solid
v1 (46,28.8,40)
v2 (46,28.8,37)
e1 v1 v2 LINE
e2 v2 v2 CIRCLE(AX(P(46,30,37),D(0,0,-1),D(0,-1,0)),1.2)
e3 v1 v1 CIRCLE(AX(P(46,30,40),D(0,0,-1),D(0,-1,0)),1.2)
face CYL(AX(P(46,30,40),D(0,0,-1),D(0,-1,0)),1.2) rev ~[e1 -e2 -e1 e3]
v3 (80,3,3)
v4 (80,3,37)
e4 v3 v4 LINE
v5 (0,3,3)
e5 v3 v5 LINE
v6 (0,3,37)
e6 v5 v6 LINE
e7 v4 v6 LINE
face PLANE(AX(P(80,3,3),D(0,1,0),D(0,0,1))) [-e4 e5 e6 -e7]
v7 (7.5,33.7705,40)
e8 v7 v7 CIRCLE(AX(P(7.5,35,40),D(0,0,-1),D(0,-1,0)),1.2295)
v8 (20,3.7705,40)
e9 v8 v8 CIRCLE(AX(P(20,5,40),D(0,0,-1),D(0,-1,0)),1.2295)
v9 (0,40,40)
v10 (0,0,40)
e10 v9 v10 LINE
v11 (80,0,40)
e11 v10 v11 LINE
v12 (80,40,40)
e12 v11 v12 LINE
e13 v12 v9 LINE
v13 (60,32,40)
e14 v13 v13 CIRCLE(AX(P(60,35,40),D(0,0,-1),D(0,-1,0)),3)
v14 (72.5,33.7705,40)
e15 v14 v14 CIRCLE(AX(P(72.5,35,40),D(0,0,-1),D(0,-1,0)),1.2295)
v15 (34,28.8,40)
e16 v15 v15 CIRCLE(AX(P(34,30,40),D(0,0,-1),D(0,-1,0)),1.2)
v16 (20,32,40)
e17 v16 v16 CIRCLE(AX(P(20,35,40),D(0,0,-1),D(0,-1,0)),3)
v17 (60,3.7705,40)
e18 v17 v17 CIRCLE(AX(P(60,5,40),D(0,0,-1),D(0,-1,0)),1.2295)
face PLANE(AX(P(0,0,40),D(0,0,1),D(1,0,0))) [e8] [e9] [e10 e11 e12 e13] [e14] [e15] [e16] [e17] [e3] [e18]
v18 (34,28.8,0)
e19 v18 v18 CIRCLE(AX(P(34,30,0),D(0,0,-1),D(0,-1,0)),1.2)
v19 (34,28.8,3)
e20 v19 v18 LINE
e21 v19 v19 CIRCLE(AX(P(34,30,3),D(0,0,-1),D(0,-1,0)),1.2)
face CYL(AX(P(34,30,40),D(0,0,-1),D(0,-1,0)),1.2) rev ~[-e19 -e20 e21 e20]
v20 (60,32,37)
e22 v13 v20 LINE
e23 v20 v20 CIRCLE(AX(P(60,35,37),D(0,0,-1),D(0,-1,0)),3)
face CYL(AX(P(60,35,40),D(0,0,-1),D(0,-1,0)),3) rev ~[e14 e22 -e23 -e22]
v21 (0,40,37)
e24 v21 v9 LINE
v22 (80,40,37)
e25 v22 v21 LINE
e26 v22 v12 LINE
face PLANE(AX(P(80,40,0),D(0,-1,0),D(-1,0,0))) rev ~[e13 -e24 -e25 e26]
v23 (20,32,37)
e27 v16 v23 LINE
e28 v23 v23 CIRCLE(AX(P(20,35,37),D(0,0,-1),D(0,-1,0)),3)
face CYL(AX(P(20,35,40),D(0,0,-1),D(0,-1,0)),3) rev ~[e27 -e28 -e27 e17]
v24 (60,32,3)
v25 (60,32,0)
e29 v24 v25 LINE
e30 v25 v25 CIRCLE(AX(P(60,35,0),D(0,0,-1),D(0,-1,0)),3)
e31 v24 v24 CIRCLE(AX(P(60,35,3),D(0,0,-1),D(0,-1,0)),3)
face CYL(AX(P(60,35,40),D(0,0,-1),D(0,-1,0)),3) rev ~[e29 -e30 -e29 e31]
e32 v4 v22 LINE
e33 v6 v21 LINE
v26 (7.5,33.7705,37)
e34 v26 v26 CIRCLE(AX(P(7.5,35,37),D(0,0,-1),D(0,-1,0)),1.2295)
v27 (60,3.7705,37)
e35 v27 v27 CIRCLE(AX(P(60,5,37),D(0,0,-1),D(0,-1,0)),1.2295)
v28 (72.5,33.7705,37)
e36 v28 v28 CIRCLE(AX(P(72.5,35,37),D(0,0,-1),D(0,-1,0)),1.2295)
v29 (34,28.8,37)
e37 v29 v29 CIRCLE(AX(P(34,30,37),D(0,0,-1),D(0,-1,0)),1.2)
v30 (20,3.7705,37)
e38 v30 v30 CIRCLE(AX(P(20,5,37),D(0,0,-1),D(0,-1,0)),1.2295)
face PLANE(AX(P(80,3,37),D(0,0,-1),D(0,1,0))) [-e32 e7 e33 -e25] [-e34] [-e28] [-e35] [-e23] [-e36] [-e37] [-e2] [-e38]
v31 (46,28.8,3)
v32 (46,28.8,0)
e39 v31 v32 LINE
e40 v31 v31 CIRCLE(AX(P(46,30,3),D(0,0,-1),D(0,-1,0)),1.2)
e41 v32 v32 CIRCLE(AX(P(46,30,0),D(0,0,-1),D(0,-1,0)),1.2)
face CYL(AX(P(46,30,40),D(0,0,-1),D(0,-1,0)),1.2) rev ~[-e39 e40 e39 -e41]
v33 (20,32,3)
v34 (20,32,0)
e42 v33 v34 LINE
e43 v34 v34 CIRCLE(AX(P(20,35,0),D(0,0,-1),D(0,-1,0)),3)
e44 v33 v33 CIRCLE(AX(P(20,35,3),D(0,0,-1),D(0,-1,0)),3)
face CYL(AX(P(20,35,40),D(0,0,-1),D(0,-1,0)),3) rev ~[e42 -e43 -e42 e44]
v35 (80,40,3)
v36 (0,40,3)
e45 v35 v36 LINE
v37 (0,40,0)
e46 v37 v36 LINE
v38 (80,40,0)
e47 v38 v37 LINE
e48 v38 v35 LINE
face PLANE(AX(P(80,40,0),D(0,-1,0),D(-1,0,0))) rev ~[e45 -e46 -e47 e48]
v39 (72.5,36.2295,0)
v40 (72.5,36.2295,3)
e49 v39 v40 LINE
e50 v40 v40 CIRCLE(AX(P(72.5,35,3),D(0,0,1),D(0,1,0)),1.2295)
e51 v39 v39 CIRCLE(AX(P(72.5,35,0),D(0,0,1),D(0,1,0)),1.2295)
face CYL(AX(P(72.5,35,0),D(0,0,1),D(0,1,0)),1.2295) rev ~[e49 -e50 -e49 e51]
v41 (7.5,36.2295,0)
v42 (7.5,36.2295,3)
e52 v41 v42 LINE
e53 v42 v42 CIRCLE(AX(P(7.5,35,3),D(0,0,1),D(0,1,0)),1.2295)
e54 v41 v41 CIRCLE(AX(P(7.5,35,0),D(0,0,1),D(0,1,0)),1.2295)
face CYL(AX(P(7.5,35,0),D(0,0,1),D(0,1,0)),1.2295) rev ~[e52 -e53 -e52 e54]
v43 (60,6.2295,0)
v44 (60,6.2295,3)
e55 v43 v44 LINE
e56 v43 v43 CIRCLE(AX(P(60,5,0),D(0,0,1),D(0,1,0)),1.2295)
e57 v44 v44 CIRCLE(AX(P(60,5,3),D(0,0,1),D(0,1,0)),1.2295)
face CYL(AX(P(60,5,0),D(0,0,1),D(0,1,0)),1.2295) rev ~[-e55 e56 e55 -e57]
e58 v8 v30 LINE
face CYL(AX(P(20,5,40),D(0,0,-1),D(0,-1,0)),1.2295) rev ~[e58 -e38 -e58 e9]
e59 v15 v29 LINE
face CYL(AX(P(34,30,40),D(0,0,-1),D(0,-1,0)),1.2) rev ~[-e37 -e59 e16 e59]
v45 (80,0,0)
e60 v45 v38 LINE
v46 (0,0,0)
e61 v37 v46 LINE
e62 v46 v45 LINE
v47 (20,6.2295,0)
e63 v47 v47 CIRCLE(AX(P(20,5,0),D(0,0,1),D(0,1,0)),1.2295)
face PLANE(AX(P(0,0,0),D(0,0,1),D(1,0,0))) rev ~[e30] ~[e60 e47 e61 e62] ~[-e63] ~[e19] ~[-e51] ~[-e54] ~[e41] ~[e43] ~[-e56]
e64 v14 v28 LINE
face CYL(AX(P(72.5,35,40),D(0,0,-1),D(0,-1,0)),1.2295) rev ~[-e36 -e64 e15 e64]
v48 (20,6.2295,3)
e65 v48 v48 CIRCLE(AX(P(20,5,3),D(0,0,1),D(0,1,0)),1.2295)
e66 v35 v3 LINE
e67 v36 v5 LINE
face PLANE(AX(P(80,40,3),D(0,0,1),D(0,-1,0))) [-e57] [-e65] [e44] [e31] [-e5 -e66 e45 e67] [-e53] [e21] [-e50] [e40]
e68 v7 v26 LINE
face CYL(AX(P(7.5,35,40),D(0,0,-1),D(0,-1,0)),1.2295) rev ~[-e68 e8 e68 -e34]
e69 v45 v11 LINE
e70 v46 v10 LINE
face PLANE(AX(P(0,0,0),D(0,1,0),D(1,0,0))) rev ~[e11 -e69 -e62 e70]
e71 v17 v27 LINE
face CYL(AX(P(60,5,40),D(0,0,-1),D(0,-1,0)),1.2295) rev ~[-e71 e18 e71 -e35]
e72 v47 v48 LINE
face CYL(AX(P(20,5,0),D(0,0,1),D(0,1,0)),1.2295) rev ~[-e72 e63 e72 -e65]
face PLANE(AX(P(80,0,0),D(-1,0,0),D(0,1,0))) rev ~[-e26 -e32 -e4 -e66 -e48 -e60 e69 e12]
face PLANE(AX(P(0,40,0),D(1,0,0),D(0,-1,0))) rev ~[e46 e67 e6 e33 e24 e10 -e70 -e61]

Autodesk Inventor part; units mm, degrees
ref_plane "YZ Plane" through (0, 0, 0) normal (1, 0, 0) x (0, 1, 0)
ref_plane "XZ Plane" through (0, 0, 0) normal (0, 1, 0) x (-1, 0, 0)
ref_plane "XY Plane" through (0, 0, 0) normal (0, 0, 1) x (1, 0, 0)
sketch "スケッチ1" plane through (0, 0, 0) normal (0, 0, 1) x (1, 0, 0)
  line L0 (0, 0) -> (80, 0)
  line L1 (80, 0) -> (80, 40)
  line L2 (80, 40) -> (0, 40)
  line L3 (0, 40) -> (0, 0)
  dimension "d0" = 80
  dimension "d1" = 40
extrude "押し出し1" add sketch "スケッチ1" along normal blind 40
sketch "スケッチ2" plane through (80, 0, 0) normal (1, 0, 0) x (0, 0, -1)
  line L0 (0, 40) -> (-40, 40) projected
  line L1 (-37, 40) -> (-3, 40)
  line L2 (-3, 40) -> (-3, 3)
  line L3 (-3, 3) -> (-37, 3)
  line L4 (-37, 3) -> (-37, 40)
  line L5 (-40, 0) -> (-40, 40) projected
  line L6 (0, 0) -> (0, 40) projected
  line L7 (0, 0) -> (-40, 0) projected
  dimension "d4" = 3
  dimension "d5" = 3
  dimension "d6" = 3
extrude "押し出し2" cut sketch "スケッチ2" against normal through all contours L2 L3 L4 L0
sketch "スケッチ3" plane through (0, 0, 40) normal (0, 0, 1) x (1, 0, 0)
  line L0 (0, 40) -> (80, 40) projected
  line L1 (40, 40) -> (40, 0)
  point P0 (0, 0)
  point P1 (20, 35)
  point P2 (60, 35)
  dimension "d9" = 5
  dimension "d10" = 20
hole "穴1" at (20, 35, 40) at (60, 35, 40) direction (0, 0, -1) diameter 6 end through all
sketch "スケッチ4" plane through (0, 0, 40) normal (0, 0, 1) x (1, 0, 0)
  line L0 (0, 40) -> (80, 40) projected
  line L1 (40, 40) -> (40, 0)
  point P0 (0, 0)
  point P1 (34, 30)
  point P2 (46, 30)
  dimension "d18" = 6
  dimension "d19" = 10
hole "穴2" at (34, 30, 40) at (46, 30, 40) direction (0, 0, -1) diameter 2.4 end through all clearance for "Countersunk Flat Head Screw ISO 2009/7046" size "M2" standard "ISO"
sketch "スケッチ5" plane through (0, 0, 0) normal (0, -1, 0) x (1, 0, 0)
  line L0 (80, 40) -> (0, 40) projected
  line L1 (40, 40) -> (40, 10)
  point P0 (0, 0)
sketch "スケッチ6" plane through (0, 0, 40) normal (0, 0, 1) x (1, 0, 0)
  line L0 (80, 40) -> (0, 40) projected
  line L1 (40, 40) -> (40, 0)
  line L2 (0, 0) -> (80, 0) projected
  circle A0 centre (20, 35) radius 3 projected
  point P0 (20, 5)
  point P1 (60, 5)
  dimension "d27" = 20
  dimension "d28" = 30
hole "穴3" at (20, 5, 40) at (60, 5, 40) direction (0, 0, -1) diameter 2.459 depth 3 thread size "M3x0.5" class "6H" standard "ISO Metric profile"
sketch "スケッチ7" plane through (0, 0, 0) normal (0, 0, -1) x (-1, 0, 0)
  line L0 (-80, 40) -> (0, 40) projected
  line L1 (-40, 40) -> (-40, 0)
  line L2 (0, 0) -> (-80, 0) projected
  circle A0 centre (-60, 35) radius 3 projected
  point P0 (-60, 5)
  point P1 (-20, 5)
  dimension "d36" = 20
  dimension "d37" = 30
hole "穴4" at (60, 5, 0) at (20, 5, 0) direction (0, 0, 1) diameter 2.459 depth 3 thread size "M3x0.5" class "6H" standard "ISO Metric profile"
sketch "スケッチ8" plane through (0, 0, 0) normal (0, 0, -1) x (-1, 0, 0)
  line L0 (-80, 40) -> (0, 40) projected
  line L1 (-40, 40) -> (-40, 3)
  line L2 (-80, 3) -> (0, 3) projected
  point P0 (0, 0)
  point P1 (-72.5, 35)
  point P2 (-7.5, 35)
  dimension "d45" = 5
  dimension "d46" = 32.5
hole "穴5" at (72.5, 35, 0) at (7.5, 35, 0) direction (0, 0, 1) diameter 2.459 depth 3 thread size "M3x0.5" class "6H" standard "ISO Metric profile"
sketch "スケッチ9" plane through (0, 0, 40) normal (0, 0, 1) x (1, 0, 0)
  circle A0 centre (7.5, 35) radius 1.2295 projected
  circle A1 centre (72.5, 35) radius 1.2295 projected
  point P0 (0, 0)
hole "穴6" at (7.5, 35, 40) at (72.5, 35, 40) direction (0, 0, -1) diameter 2.459 depth 3 thread size "M3x0.5" class "6H" standard "ISO Metric profile"
properties part number "シリンダーボックス"
